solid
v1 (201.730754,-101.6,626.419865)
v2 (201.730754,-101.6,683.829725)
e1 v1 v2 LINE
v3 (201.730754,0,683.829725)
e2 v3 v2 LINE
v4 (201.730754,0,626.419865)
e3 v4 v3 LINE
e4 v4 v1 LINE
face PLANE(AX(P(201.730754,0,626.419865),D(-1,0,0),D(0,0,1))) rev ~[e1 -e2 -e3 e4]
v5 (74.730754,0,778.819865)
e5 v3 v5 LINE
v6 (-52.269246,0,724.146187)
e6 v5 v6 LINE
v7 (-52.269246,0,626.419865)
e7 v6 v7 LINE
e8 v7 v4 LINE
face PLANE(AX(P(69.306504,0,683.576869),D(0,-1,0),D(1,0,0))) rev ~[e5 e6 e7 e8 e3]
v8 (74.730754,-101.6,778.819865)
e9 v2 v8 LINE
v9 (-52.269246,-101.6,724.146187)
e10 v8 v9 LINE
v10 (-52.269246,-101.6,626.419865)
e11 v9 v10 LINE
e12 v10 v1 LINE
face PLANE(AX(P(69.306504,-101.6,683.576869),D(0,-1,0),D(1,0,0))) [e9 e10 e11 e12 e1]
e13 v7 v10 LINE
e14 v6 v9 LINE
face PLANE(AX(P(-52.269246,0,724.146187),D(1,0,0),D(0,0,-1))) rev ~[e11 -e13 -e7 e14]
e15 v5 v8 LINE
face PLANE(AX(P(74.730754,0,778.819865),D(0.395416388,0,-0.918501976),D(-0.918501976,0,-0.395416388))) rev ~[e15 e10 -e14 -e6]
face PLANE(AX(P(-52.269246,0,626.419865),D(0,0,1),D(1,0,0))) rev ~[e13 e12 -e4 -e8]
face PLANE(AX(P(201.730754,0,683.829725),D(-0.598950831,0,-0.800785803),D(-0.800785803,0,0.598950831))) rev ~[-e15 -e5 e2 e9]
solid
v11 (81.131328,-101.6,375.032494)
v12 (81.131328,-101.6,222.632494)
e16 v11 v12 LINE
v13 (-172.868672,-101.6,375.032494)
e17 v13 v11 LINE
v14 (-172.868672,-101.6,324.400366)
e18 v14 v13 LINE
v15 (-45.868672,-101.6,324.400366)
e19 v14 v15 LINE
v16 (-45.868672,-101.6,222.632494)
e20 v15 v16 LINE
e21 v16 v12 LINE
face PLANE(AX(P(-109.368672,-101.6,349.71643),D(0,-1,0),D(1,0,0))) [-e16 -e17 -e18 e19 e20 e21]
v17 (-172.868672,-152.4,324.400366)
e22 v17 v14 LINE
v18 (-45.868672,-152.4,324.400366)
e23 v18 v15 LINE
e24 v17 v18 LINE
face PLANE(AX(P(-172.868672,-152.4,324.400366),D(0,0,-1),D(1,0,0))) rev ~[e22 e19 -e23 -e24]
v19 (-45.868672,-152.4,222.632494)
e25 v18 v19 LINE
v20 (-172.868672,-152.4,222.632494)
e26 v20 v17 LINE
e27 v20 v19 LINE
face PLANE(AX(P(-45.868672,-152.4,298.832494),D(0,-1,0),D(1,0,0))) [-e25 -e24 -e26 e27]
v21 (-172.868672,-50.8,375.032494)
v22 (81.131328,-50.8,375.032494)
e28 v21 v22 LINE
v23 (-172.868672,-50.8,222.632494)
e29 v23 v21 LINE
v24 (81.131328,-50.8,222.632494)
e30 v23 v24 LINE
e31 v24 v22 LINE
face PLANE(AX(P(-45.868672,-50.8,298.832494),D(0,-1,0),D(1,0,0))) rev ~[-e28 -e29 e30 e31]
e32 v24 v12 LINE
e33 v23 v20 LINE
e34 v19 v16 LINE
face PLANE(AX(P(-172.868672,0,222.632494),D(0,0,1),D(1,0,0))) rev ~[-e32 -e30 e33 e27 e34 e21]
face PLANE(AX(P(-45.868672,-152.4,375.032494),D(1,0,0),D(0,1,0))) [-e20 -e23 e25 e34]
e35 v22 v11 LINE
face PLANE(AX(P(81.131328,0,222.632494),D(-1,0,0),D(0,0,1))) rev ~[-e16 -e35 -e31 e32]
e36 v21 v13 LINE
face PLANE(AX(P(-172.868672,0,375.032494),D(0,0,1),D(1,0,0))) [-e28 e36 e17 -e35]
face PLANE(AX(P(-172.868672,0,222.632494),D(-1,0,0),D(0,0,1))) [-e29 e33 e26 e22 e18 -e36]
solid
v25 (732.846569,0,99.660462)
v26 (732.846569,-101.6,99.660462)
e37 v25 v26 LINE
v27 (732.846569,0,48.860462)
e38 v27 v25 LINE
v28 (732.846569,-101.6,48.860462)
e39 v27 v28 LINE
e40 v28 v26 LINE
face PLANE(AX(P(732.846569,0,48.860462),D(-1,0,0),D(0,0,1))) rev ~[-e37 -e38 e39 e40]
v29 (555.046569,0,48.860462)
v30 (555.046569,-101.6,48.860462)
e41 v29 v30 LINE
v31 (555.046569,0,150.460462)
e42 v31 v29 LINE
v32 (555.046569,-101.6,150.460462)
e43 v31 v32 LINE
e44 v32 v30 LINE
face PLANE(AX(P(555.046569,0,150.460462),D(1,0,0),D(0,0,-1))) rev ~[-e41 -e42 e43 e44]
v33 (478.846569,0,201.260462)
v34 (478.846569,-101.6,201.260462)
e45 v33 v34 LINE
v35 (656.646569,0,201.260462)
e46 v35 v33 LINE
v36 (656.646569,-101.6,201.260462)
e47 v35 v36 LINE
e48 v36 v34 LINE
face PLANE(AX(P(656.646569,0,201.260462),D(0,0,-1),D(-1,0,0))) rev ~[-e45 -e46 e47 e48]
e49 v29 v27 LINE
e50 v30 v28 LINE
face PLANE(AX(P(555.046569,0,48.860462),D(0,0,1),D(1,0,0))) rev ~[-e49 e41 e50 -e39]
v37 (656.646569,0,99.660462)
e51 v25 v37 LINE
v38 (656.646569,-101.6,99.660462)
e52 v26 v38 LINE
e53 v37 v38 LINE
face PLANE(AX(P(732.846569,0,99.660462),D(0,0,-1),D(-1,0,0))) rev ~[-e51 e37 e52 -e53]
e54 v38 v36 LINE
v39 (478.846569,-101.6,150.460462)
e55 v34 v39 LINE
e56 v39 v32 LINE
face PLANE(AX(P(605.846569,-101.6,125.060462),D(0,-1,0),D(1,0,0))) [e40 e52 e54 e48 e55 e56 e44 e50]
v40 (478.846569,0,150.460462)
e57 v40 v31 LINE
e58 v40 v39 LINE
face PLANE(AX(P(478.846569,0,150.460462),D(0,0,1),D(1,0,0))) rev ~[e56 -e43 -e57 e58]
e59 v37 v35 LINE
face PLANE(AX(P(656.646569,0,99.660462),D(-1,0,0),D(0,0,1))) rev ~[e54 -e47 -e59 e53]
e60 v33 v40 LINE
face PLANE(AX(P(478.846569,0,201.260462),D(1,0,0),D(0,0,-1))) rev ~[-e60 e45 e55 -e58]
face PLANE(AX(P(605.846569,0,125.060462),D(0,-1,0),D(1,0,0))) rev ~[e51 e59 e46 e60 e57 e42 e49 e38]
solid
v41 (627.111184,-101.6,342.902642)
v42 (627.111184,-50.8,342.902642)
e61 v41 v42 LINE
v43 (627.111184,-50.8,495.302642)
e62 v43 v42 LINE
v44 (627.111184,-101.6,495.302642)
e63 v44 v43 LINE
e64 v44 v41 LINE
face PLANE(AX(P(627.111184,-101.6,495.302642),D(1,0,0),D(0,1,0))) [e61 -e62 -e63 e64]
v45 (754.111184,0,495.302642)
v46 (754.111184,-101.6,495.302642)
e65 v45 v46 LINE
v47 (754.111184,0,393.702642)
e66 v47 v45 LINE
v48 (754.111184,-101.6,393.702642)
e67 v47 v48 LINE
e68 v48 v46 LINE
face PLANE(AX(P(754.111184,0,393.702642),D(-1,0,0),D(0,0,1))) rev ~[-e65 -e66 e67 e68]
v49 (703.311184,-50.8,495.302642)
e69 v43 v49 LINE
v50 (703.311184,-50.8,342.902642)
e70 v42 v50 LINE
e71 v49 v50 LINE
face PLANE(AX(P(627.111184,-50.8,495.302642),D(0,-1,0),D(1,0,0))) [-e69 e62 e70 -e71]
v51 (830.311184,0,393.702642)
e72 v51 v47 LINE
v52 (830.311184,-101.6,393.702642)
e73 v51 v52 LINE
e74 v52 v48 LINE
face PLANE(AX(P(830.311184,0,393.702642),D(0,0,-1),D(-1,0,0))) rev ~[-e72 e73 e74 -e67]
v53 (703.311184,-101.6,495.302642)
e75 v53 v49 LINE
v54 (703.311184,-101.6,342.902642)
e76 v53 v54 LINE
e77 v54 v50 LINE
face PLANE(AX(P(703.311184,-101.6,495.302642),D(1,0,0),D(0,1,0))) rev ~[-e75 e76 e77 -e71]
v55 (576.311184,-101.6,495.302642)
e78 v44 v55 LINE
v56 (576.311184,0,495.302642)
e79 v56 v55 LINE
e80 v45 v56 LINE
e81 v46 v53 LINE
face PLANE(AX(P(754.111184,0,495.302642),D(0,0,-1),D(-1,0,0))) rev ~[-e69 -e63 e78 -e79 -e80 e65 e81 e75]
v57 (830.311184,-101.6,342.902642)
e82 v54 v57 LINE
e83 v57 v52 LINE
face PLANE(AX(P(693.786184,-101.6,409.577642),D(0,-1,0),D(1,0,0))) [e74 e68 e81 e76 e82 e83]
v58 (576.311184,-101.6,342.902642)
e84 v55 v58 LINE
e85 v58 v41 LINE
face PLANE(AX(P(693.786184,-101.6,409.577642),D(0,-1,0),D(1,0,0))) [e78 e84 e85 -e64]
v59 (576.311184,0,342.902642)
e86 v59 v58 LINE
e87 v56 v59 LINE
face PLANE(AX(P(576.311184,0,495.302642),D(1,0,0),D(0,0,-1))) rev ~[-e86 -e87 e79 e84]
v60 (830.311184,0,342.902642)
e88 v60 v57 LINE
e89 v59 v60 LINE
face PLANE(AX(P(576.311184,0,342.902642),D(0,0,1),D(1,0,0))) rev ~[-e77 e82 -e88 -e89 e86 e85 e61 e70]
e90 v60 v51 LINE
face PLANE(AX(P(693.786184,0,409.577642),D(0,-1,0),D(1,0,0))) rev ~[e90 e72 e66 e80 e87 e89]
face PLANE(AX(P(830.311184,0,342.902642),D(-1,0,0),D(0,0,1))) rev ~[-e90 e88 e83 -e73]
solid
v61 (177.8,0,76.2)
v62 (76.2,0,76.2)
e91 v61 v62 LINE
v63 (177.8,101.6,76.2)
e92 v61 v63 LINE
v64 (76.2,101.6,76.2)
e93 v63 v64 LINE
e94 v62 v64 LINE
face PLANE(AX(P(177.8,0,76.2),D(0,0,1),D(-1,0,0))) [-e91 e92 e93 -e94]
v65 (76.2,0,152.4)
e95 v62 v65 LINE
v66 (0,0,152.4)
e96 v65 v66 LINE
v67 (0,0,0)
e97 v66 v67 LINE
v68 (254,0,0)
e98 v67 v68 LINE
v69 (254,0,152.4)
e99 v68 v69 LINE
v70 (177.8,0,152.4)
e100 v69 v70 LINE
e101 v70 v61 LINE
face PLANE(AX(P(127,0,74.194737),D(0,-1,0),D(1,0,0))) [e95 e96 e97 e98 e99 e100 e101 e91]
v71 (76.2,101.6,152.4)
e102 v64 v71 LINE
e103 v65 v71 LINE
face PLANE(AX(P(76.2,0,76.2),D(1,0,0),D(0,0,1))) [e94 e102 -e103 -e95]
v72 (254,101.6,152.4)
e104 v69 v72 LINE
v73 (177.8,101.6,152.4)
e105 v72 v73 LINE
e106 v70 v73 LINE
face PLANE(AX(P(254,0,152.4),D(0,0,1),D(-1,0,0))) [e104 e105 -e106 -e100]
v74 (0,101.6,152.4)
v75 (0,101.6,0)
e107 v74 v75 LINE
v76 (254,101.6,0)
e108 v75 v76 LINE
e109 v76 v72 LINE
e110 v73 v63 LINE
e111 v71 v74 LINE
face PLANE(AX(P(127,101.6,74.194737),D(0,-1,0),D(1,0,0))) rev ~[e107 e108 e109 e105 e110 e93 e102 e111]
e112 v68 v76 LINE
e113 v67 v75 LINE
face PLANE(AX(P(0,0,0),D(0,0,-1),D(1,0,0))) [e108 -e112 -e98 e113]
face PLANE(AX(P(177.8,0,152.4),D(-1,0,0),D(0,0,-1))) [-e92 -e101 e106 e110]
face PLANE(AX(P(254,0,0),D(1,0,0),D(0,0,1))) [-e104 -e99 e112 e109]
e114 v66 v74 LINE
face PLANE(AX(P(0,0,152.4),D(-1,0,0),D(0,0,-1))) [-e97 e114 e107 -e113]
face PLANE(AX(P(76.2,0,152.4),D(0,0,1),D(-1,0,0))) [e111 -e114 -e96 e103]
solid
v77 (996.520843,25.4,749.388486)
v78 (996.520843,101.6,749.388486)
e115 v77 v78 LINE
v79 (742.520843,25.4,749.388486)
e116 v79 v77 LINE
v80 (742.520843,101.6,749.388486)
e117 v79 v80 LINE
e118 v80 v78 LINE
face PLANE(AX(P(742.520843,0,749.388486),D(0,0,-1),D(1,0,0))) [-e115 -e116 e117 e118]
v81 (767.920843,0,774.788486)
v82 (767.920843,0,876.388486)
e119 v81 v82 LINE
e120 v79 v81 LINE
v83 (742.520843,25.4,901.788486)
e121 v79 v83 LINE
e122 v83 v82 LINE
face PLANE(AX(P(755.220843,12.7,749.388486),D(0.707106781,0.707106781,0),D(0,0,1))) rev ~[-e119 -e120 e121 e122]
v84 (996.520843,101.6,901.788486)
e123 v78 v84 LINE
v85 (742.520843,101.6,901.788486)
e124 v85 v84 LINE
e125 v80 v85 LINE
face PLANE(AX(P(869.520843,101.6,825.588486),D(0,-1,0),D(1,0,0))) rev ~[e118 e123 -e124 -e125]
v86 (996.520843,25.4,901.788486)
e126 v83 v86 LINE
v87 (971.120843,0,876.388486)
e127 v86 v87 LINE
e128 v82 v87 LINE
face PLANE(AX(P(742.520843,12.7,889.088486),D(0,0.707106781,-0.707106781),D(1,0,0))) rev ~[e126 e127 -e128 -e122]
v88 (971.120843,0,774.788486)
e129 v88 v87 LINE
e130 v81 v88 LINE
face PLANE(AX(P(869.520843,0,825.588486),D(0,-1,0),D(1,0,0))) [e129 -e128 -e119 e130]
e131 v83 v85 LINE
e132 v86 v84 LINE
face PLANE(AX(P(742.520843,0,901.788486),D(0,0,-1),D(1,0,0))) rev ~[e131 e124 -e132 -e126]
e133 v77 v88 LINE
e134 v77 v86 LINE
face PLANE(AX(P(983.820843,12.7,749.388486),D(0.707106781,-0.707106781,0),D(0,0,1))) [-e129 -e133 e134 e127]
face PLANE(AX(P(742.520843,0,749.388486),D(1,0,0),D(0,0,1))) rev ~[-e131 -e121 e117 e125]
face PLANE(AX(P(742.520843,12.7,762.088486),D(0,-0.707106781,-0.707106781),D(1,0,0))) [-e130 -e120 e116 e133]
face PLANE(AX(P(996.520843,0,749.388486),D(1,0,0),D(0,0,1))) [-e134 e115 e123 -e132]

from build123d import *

# Parameters (mm, degrees)
F1_DEPTH  = 101.6
F2_W      = 254
F2_H      = 152.4
F3_DEPTH  = 152.4
F4_W      = 127
F4_H      = 50.8
F5_DEPTH  = 152.4
F6_W      = 127
F6_H      = 50.632129
F7_DEPTH  = 50.8
F8_DEPTH  = 50.8
F10_DEPTH = 101.6
F11_W     = 76.2
F11_H     = 50.8
F12_DEPTH = 152.4
F14_DEPTH = 101.6
F16_DEPTH = 101.6
F17_W     = 254
F17_H     = 152.4
F18_DEPTH = 101.6
F19_SIZE  = 25.4


with BuildPart() as f1:
    # F0 (on Front) → F1 (new body)
    with BuildSketch(Plane.XZ):
        Polygon((0, 152.4), (0, 0), (254, 0), (254, 152.4), (177.8, 152.4), (177.8, 76.2), (76.2, 76.2), (76.2, 125.114418), (76.2, 132.488902), (76.2, 152.4), align=None)
    extrude(amount=-F1_DEPTH)


with BuildPart() as f3:
    # F2 (on Front) → F3 (new body)
    with BuildSketch(Plane.XZ):
        with Locations((-45.868672, 298.832494)):
            Rectangle(F2_W, F2_H)
    extrude(amount=F3_DEPTH)

    # F4 (on face) → F5 (cut)
    with BuildSketch(Plane.XY.offset(375.032494)):
        with Locations((17.631328, -127)):
            Rectangle(F4_W, F4_H)
    extrude(amount=-F5_DEPTH, mode=Mode.SUBTRACT)

    # F6 (on face) → F7 (cut)
    with BuildSketch(Plane.XZ.offset(152.4)):
        with Locations((-109.368672, 349.71643)):
            Rectangle(F6_W, F6_H)
    extrude(amount=-F7_DEPTH, mode=Mode.SUBTRACT)

    # F2 (on Front) → F8 (cut)
    with BuildSketch(Plane.XZ):
        with Locations((-45.868672, 298.832494)):
            Rectangle(F2_W, F2_H)
    extrude(amount=F8_DEPTH, mode=Mode.SUBTRACT)


with BuildPart() as f10:
    # F9 (on Front) → F10 (new body)
    with BuildSketch(Plane.XZ):
        Polygon((576.311184, 495.302642), (576.311184, 342.902642), (830.311184, 342.902642), (830.311184, 393.702642), (754.111184, 393.702642), (754.111184, 495.302642), align=None)
    extrude(amount=F10_DEPTH)

    # F11 (on face) → F12 (cut)
    with BuildSketch(Plane.XY.offset(495.302642)):
        with Locations((665.211184, -76.2)):
            Rectangle(F11_W, F11_H)
    extrude(amount=-F12_DEPTH, mode=Mode.SUBTRACT)


with BuildPart() as f14:
    # F13 (on Front) → F14 (new body)
    with BuildSketch(Plane.XZ):
        Polygon((555.046569, 150.460462), (555.046569, 48.860462), (732.846569, 48.860462), (732.846569, 99.660462), (656.646569, 99.660462), (656.646569, 201.260462), (478.846569, 201.260462), (478.846569, 150.460462), align=None)
    extrude(amount=F14_DEPTH)


with BuildPart() as f16:
    # F15 (on Front) → F16 (new body)
    with BuildSketch(Plane.XZ):
        Polygon((201.730754, 683.829725), (74.730754, 778.819865), (-52.269246, 724.146187), (-52.269246, 626.419865), (201.730754, 626.419865), align=None)
    extrude(amount=F16_DEPTH)


with BuildPart() as f18:
    # F17 (on Front) → F18 (new body)
    with BuildSketch(Plane.XZ):
        with Locations((869.520843, 825.588486)):
            Rectangle(F17_W, F17_H)
    extrude(amount=-F18_DEPTH)

    # F19
    f19_edges = [f18.edges().sort_by_distance(p)[0] for p in [
        (869.520843, 0, 901.788486),
        (742.520843, 0, 825.588486),
        (869.520843, 0, 749.388486),
        (996.520843, 0, 825.588486),
    ]]
    chamfer(f19_edges, length=F19_SIZE)


solid = Compound([f1.part, f3.part, f10.part, f14.part, f16.part, f18.part])
